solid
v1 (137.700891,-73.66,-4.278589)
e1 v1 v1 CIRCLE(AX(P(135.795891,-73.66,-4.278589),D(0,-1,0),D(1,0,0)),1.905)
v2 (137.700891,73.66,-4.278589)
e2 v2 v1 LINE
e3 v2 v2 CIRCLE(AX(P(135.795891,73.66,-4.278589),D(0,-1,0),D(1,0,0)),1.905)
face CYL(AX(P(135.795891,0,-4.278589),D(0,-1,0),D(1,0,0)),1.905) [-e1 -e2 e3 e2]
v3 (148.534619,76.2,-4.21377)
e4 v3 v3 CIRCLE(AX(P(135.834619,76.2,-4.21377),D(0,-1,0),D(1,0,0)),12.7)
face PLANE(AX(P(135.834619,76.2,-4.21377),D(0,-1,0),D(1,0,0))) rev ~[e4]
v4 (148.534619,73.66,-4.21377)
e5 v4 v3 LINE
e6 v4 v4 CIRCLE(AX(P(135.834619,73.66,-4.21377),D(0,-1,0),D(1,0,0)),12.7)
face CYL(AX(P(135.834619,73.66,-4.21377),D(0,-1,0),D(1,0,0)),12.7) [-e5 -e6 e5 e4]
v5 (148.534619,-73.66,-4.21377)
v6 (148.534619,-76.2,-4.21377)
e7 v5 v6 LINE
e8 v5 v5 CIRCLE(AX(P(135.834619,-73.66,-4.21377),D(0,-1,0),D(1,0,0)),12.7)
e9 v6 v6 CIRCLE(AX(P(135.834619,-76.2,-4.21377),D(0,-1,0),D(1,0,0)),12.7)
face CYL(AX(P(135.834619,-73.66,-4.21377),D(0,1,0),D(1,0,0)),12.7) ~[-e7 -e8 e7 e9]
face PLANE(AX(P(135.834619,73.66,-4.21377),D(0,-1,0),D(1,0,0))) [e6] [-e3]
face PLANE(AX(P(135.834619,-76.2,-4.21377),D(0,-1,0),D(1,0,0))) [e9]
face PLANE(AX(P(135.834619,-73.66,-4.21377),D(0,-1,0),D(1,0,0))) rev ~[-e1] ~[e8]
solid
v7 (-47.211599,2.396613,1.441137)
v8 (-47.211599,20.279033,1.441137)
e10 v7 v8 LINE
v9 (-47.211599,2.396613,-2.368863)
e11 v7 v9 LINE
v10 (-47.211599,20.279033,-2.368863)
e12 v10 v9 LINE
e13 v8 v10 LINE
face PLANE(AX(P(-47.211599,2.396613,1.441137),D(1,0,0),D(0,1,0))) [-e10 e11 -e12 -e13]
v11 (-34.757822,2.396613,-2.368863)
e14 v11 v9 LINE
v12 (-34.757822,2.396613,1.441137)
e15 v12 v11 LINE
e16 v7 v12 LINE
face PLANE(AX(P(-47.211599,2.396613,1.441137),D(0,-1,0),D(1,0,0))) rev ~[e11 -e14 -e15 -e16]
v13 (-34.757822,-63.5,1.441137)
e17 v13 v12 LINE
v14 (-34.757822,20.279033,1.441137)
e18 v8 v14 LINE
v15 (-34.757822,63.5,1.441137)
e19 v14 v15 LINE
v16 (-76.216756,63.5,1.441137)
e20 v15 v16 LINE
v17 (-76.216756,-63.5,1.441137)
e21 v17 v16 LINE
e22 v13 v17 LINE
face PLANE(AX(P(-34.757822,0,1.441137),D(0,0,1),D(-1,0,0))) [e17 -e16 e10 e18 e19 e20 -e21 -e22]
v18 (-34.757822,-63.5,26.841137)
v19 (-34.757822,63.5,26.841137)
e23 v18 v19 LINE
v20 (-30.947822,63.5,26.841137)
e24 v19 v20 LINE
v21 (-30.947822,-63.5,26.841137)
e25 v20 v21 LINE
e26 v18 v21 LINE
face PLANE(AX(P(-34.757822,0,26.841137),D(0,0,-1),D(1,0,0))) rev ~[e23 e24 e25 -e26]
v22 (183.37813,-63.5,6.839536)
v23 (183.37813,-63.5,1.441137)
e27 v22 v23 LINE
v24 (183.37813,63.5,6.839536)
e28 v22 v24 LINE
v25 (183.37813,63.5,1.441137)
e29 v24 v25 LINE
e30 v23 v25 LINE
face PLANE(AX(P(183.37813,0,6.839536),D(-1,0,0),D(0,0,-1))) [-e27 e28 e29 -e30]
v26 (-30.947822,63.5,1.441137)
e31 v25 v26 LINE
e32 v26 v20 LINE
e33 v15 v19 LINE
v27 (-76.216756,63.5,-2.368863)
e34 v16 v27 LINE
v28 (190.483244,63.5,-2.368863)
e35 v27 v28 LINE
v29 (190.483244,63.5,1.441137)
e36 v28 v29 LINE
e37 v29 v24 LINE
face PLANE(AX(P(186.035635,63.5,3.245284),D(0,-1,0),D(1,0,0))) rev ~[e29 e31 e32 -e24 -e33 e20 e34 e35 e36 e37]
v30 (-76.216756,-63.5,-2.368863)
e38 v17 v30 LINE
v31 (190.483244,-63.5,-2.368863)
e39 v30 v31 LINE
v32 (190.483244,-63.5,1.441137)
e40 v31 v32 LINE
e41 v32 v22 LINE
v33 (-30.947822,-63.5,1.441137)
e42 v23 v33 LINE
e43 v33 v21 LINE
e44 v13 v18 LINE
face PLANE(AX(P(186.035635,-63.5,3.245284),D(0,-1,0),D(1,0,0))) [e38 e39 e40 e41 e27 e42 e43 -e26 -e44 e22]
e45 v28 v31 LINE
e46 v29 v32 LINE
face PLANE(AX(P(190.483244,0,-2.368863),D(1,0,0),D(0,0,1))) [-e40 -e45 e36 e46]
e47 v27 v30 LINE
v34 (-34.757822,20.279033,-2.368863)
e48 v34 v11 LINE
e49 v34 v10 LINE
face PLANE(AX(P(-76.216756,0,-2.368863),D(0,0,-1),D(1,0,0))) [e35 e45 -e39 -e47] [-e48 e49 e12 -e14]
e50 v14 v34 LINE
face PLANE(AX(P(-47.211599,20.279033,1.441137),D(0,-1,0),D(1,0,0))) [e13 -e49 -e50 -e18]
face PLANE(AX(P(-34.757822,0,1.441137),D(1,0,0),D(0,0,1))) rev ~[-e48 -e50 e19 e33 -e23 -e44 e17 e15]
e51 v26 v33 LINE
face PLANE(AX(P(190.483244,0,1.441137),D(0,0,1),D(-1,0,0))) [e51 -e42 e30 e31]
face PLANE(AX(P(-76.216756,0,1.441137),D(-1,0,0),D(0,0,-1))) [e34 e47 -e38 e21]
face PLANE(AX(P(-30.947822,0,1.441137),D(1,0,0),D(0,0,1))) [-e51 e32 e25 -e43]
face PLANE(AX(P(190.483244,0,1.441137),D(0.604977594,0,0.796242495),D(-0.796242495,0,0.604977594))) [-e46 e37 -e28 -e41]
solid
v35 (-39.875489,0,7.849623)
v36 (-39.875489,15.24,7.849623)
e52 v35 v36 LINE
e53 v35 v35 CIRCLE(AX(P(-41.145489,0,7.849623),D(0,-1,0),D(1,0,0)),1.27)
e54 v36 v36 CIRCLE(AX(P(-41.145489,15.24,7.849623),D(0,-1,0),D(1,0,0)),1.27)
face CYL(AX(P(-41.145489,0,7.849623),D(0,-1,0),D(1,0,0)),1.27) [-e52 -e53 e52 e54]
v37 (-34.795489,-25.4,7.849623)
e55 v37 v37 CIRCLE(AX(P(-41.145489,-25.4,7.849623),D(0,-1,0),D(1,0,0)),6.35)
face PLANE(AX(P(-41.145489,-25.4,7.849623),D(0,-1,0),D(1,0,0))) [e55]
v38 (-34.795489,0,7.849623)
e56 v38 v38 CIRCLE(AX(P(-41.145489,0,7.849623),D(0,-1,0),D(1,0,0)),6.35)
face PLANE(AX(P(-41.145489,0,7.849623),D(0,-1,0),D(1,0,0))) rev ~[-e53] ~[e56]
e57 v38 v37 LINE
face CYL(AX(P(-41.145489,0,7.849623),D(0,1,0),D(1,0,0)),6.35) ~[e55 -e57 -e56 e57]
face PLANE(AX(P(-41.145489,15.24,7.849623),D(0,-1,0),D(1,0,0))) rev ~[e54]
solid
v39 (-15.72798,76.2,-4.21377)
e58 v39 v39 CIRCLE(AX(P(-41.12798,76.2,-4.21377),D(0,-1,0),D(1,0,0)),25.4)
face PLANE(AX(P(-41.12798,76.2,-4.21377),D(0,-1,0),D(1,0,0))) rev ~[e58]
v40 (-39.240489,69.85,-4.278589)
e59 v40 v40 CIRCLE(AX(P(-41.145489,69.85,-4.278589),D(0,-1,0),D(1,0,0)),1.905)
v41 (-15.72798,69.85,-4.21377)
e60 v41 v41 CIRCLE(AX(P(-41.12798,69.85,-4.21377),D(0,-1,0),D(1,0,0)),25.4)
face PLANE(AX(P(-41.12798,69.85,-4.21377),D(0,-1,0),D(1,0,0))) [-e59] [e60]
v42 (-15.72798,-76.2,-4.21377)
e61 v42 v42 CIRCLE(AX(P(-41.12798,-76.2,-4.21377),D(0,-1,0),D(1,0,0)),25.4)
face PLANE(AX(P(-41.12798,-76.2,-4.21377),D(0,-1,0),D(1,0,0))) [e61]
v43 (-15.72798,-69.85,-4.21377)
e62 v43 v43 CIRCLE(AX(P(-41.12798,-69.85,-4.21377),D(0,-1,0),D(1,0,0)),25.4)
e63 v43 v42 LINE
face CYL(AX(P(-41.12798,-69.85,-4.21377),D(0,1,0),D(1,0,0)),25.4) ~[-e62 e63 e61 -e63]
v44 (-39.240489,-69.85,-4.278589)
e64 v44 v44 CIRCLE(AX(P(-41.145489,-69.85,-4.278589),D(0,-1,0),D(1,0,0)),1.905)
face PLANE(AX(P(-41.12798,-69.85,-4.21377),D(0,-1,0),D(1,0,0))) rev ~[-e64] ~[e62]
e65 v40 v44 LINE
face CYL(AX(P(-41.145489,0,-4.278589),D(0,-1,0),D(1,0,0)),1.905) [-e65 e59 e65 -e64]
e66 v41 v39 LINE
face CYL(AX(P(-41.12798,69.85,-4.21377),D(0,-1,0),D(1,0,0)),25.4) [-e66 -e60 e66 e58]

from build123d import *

# Parameters (mm, degrees)
F0_W      = 3.81
F0_H      = 25.4
F1_DEPTH  = 63.5
F0_R      = 1.905
F2_DEPTH  = 76.2
F4_START  = 69.85
F3_R      = 25.4
F4_DEPTH  = 6.35
F5_START  = 73.66
F3_R_2    = 12.7
F5_DEPTH  = 2.54
F6_START  = -73.66
F6_DEPTH  = 2.54
F7_START  = -69.85
F7_DEPTH  = 6.35
F8_DEPTH  = 63.5
F9_W      = 12.4537762487
F9_H      = 17.8824202158
F10_DEPTH = 25.4
F0_R_2    = 1.27
F11_DEPTH = 15.24
F0_R_3    = 6.35
F12_DEPTH = 25.4


with BuildPart() as f1:
    # F0 (on Front) → F1 (new body, symmetric)
    with BuildSketch(Plane.XZ):
        Polygon((-76.2167557975, 1.44113655), (-76.2167557975, -2.36886345), (190.4832442025, -2.36886345), (190.4832442025, 1.44113655), (183.3781301975, 1.44113655), (-30.9478223562, 1.44113655), (-34.7578223562, 1.44113655), align=None)
        with Locations((-32.8528223562, 14.14113655)):
            Rectangle(F0_W, F0_H)
    extrude(amount=F1_DEPTH, both=True)

    # F0 (on Front) → F8 (join, symmetric)
    with BuildSketch(Plane.XZ):
        Polygon((183.3781301975, 1.44113655), (190.4832442025, 1.44113655), (183.3781301975, 6.8395356648), align=None)
    extrude(amount=F8_DEPTH, both=True)

    # F9 (on face) → F10 (cut)
    with BuildSketch(Plane.XY.offset(1.44113655)):
        with Locations((-40.9847104806, 11.3378230017)):
            Rectangle(F9_W, F9_H)
    extrude(amount=-F10_DEPTH, mode=Mode.SUBTRACT)


with BuildPart() as f2:
    # F0 (on Front) → F2 (new body, symmetric)
    with BuildSketch(Plane.XZ):
        with Locations((-41.1454886198, -4.27858904)):
            Circle(F0_R)
    extrude(amount=F2_DEPTH, both=True)

    # F3 (on Front) → F4 (join)
    with BuildSketch(Plane.XZ.offset(F4_START)):
        with Locations((-41.1279797554, -4.2137699202)):
            Circle(F3_R)
    extrude(amount=F4_DEPTH)

    # F3 (on Front) → F7 (join)
    with BuildSketch(Plane.XZ.offset(F7_START)):
        with Locations((-41.1279797554, -4.2137699202)):
            Circle(F3_R)
    extrude(amount=-F7_DEPTH)


with BuildPart() as f2b:
    # F0 (on Front) → F2, piece 2 (new body, symmetric)
    with BuildSketch(Plane.XZ):
        with Locations((135.7958912849, -4.27858904)):
            Circle(F0_R)
    extrude(amount=F2_DEPTH, both=True)

    # F3 (on Front) → F5 (join)
    with BuildSketch(Plane.XZ.offset(F5_START)):
        with Locations((135.8346194029, -4.2137699202)):
            Circle(F3_R_2)
    extrude(amount=F5_DEPTH)

    # F3 (on Front) → F6 (join)
    with BuildSketch(Plane.XZ.offset(F6_START)):
        with Locations((135.8346194029, -4.2137699202)):
            Circle(F3_R_2)
    extrude(amount=-F6_DEPTH)


with BuildPart() as f11:
    # F0 (on Front) → F11 (new body)
    with BuildSketch(Plane.XZ):
        with Locations((-41.1454886198, 7.8496225178)):
            Circle(F0_R_2)
    extrude(amount=-F11_DEPTH)

    # F0 (on Front) → F12 (join)
    with BuildSketch(Plane.XZ):
        with Locations((-41.1454886198, 7.8496225178)):
            Circle(F0_R_3)
        with Locations((-41.1454886198, 7.8496225178)):
            Circle(F0_R_2, mode=Mode.SUBTRACT)
        with Locations((-41.1454886198, 7.8496225178)):
            Circle(F0_R_2)
    extrude(amount=F12_DEPTH)


solid = Compound([f1.part, f2.part, f2b.part, f11.part])
